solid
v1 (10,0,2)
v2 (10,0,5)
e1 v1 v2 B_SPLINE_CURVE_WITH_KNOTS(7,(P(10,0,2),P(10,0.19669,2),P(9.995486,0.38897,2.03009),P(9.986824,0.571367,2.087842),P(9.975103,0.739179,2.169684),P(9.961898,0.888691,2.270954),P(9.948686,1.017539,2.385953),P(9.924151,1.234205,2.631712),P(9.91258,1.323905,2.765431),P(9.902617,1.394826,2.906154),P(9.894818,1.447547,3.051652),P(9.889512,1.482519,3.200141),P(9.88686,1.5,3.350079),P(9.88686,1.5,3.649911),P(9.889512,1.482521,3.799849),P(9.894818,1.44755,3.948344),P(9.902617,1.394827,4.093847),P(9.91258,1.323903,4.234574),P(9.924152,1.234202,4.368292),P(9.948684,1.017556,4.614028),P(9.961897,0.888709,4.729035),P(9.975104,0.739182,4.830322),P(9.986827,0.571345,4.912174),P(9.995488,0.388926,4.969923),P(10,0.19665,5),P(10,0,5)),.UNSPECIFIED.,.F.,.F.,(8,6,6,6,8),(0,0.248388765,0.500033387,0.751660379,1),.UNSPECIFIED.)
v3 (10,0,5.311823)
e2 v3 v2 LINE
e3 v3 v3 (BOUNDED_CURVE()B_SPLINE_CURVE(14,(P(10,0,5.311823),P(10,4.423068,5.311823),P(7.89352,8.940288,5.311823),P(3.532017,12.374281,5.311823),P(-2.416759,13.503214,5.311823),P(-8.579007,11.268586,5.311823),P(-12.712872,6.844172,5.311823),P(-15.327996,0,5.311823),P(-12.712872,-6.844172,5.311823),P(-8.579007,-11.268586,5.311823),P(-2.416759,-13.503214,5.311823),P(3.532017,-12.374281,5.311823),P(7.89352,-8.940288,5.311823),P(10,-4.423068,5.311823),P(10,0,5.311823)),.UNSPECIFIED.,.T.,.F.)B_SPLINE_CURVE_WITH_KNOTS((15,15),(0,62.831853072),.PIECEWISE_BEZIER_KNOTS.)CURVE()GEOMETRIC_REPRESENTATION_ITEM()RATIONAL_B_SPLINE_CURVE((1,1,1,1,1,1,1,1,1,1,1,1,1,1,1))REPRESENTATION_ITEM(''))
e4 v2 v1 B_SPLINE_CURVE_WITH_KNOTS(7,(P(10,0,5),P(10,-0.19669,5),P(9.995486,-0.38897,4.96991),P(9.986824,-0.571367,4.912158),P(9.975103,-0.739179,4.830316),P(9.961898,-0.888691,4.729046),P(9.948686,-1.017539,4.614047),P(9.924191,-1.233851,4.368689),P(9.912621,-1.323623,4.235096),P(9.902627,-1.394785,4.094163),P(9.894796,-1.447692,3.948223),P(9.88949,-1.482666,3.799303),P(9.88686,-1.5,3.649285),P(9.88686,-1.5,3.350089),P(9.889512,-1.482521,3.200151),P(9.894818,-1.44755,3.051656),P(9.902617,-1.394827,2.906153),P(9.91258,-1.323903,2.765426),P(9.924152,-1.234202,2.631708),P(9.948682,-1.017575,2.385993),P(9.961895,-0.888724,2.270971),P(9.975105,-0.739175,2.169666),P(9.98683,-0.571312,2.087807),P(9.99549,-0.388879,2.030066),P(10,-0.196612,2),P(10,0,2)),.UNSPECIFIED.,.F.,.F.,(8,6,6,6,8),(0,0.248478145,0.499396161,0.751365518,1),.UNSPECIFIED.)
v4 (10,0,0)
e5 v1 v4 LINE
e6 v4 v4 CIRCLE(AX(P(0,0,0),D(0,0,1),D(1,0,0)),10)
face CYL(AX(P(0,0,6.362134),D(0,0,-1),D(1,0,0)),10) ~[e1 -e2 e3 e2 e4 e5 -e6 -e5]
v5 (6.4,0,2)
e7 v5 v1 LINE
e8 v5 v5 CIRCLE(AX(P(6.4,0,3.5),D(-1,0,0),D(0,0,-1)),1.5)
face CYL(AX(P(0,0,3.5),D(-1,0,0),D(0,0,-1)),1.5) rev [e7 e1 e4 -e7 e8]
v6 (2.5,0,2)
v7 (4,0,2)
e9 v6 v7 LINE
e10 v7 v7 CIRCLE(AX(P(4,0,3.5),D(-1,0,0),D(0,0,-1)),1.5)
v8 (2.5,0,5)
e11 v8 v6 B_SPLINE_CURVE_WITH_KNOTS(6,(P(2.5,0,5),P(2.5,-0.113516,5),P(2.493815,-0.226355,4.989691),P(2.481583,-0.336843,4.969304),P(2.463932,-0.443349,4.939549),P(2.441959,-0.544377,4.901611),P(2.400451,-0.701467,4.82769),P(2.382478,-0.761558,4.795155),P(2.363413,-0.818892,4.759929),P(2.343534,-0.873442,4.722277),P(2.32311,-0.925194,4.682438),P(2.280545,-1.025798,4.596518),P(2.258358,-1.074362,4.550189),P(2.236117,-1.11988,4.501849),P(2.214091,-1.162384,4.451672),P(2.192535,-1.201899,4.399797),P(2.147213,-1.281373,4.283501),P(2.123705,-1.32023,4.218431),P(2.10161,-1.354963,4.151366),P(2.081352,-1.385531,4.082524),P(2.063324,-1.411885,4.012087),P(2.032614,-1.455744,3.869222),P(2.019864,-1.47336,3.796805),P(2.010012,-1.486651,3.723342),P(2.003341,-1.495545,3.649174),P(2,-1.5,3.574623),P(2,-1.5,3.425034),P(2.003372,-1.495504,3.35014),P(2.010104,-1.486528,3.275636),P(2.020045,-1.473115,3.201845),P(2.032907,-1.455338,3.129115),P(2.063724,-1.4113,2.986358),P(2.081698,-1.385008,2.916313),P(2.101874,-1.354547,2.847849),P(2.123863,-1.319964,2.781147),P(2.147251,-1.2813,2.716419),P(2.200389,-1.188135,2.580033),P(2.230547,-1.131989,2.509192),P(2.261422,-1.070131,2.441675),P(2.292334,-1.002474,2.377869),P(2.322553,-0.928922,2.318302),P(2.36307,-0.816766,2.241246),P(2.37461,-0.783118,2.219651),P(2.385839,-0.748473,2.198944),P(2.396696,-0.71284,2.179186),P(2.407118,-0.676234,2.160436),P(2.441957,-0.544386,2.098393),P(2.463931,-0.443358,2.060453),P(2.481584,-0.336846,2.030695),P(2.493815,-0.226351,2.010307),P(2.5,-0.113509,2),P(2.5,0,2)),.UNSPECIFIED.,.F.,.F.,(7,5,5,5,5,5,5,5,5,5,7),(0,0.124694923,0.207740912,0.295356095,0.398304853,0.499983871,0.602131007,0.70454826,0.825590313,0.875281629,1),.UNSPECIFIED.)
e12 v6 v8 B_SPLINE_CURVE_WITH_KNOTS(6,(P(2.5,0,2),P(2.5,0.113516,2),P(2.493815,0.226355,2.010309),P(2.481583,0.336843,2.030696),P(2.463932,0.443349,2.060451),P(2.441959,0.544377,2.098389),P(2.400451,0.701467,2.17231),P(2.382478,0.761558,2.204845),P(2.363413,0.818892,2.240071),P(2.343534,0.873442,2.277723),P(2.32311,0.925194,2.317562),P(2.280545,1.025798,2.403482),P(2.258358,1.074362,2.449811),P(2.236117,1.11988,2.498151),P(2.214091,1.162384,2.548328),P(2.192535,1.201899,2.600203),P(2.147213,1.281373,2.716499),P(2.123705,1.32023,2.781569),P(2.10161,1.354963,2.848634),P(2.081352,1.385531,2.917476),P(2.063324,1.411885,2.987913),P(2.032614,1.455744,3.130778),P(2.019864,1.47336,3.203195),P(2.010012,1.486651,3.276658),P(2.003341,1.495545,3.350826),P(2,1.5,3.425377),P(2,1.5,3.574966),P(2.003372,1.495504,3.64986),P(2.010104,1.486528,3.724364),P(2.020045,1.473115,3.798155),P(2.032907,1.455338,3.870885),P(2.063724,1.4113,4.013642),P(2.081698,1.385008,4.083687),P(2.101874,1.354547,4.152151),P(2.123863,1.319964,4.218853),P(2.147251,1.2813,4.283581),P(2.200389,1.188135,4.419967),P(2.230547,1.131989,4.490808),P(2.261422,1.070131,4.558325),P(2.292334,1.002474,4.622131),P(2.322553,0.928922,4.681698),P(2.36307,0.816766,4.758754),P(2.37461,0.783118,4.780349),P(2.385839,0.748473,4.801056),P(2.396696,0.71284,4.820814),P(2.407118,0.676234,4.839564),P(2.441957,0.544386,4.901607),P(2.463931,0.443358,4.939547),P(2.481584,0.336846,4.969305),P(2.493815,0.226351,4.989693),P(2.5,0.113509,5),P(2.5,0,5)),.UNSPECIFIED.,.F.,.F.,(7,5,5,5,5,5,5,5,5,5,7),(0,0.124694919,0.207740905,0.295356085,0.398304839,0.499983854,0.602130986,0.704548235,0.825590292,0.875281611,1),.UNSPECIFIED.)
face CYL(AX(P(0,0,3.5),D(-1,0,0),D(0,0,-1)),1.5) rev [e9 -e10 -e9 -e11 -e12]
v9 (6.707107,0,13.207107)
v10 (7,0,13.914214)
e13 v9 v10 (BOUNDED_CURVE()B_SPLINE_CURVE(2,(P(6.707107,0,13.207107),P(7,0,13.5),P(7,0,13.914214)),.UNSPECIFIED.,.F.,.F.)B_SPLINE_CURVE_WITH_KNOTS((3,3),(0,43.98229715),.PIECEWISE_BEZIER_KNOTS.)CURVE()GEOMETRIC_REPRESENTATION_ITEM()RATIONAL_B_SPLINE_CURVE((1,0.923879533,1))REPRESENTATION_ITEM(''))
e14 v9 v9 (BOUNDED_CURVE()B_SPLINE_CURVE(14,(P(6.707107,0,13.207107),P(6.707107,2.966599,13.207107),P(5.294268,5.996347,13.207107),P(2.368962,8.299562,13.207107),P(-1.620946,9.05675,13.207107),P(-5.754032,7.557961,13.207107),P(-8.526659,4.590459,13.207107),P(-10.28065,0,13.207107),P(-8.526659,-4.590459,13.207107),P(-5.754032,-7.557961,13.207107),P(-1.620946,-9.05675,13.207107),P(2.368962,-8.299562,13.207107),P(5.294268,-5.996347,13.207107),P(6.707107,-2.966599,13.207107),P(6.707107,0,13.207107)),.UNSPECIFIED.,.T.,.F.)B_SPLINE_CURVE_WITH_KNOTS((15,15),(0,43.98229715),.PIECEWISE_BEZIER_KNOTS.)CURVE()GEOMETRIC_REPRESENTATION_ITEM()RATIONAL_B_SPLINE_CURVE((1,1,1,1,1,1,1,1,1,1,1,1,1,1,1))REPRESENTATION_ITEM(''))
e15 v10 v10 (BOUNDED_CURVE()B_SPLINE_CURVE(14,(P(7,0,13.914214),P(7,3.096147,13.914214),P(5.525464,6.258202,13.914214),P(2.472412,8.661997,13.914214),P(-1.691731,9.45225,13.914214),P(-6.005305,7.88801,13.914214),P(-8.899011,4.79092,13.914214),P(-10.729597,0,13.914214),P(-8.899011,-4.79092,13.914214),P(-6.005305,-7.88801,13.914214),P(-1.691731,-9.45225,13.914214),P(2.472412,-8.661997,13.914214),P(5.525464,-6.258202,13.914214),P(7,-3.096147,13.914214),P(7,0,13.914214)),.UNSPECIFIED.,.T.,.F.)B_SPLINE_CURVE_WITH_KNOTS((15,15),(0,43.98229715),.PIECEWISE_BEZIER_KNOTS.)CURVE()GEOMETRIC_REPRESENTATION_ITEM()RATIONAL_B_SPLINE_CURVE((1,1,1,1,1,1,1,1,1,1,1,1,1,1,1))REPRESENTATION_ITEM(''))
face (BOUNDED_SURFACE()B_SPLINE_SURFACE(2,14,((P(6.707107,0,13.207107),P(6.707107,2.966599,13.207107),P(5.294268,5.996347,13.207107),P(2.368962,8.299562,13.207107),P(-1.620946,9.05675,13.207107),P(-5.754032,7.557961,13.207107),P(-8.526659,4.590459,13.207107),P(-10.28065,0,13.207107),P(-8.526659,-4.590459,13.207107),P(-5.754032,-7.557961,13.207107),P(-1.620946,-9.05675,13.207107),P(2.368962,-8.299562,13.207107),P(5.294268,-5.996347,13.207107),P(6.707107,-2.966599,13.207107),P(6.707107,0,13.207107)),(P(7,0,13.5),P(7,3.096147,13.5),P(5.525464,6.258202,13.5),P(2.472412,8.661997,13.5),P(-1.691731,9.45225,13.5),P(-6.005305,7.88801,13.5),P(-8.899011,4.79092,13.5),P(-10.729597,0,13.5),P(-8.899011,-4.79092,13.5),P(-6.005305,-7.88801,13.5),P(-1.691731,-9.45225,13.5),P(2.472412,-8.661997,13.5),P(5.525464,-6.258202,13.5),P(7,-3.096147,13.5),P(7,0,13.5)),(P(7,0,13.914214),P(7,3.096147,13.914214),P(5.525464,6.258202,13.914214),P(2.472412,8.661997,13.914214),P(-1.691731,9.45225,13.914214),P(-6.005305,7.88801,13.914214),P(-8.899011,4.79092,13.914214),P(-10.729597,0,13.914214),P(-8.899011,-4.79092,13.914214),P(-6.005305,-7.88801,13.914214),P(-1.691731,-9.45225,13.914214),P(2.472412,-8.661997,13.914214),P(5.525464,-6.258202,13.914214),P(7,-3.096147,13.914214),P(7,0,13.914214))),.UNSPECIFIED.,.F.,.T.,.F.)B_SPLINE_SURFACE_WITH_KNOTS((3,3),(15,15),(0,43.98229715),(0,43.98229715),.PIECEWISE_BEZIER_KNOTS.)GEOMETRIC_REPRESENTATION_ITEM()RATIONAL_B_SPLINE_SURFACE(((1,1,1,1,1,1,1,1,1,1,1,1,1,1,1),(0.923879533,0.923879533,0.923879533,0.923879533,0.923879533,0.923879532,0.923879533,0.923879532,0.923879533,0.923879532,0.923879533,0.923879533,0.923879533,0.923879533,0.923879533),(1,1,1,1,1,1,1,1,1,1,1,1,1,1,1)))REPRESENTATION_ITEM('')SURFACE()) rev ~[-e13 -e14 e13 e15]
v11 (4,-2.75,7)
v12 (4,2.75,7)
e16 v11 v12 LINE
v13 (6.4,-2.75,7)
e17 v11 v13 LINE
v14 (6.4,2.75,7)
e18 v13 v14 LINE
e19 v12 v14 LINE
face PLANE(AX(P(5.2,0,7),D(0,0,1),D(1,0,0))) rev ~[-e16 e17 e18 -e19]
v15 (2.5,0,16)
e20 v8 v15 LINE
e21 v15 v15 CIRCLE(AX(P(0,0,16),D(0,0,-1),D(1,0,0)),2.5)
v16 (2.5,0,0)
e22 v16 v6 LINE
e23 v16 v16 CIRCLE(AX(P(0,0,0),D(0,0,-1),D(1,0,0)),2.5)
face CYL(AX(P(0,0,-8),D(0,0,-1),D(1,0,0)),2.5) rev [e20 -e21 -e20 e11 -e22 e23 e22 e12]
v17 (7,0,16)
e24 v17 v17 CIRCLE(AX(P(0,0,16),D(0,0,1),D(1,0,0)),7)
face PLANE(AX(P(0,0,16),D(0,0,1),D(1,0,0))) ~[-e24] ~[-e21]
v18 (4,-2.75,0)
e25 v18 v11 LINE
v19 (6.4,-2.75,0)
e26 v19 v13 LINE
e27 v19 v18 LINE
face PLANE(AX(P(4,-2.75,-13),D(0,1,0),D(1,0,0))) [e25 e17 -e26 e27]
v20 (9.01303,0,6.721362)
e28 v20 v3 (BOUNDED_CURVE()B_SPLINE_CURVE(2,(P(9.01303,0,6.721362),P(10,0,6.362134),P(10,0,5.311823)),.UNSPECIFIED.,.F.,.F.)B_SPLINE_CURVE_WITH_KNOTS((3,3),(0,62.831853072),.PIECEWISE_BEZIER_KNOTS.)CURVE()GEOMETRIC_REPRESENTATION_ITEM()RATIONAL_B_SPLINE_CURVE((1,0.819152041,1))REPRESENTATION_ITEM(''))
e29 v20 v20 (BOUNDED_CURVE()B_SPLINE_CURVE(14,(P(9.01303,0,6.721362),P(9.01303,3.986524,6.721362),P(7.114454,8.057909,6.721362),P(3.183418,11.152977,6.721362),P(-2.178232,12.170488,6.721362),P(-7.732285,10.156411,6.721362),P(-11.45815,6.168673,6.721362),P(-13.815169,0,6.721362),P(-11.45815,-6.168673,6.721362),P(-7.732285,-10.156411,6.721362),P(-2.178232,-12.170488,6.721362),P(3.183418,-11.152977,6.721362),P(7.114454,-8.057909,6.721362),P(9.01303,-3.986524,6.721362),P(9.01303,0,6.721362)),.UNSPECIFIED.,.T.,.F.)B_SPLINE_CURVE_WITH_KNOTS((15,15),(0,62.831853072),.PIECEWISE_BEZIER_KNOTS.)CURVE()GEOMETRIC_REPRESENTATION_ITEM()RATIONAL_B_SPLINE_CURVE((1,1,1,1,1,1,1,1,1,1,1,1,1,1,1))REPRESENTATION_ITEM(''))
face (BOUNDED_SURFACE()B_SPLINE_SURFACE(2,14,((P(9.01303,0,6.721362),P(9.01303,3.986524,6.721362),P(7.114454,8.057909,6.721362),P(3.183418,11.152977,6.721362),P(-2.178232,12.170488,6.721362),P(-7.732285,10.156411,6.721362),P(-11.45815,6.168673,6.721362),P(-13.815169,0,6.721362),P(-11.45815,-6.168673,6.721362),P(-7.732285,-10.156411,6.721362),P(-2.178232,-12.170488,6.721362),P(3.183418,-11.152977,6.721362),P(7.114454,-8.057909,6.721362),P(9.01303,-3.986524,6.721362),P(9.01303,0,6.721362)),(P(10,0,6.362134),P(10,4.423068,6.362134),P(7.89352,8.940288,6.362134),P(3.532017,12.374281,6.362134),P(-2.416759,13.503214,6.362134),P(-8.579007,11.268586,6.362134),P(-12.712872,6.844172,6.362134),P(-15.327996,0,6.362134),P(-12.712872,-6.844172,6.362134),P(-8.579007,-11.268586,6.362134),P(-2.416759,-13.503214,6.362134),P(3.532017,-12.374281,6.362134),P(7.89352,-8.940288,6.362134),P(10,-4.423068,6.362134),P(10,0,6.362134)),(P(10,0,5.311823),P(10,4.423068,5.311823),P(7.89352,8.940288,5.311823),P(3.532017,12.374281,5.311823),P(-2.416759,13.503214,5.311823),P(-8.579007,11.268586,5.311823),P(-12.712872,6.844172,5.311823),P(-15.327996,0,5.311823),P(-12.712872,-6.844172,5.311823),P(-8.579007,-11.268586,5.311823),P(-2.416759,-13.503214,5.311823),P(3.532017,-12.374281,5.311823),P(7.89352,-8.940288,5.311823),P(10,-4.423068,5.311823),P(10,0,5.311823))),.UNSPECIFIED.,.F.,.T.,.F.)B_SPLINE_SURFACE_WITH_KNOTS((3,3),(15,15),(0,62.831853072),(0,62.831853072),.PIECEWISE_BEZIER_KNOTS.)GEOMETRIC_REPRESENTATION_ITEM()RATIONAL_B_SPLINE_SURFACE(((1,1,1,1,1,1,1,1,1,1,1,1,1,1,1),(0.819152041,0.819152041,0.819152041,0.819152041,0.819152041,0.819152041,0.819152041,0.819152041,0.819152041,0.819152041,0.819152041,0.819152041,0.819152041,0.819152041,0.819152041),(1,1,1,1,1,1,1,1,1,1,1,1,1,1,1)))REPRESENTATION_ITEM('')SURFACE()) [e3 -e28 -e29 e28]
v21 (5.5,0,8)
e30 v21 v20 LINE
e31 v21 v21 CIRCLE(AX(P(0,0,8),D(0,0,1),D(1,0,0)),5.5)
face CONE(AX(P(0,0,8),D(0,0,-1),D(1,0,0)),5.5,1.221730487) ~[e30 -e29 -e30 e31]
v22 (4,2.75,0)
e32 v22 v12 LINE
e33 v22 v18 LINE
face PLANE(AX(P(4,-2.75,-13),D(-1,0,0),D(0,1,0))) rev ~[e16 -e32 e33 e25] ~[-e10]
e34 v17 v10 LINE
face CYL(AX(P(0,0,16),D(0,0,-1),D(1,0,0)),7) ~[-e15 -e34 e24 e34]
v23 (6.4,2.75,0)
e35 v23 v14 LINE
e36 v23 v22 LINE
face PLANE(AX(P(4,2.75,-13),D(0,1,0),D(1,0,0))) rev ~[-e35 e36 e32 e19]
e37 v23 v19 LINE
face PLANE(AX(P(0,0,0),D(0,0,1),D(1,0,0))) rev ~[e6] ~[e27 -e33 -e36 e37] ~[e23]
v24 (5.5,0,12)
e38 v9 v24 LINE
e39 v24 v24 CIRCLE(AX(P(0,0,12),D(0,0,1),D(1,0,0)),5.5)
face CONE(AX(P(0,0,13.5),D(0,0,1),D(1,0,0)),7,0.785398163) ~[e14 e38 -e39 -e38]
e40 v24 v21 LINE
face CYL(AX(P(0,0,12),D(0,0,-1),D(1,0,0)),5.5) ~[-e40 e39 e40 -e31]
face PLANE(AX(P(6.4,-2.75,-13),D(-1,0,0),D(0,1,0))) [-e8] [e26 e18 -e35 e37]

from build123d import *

# Parameters (mm, degrees)
CYLINDER002_R           = 1.5
CYLINDER002_DEPTH       = 20
CYLINDER002_PITCH_ANGLE = 90
CYLINDER001_R           = 2.5
CYLINDER001_DEPTH       = 30
BOX_W                   = 2.4
BOX_H                   = 5.5
BOX_DEPTH               = 20
FILLET_1_R              = 1.5
FILLET_2_R              = 1


with BuildPart() as clone_of_bolt:
    # Cylinder002 → Cylinder002 (new body)
    with BuildSketch(Plane.XY):
        Circle(CYLINDER002_R)
    extrude(amount=CYLINDER002_DEPTH)


with BuildPart() as clone_of_bolt_1:
    # Cylinder002 pitch: moved
    add(clone_of_bolt.part.rotate(Axis((0, 0, 0), (0, 1, 0)), CYLINDER002_PITCH_ANGLE))


with BuildPart() as clone_of_bolt_2:
    # Cylinder002 placement: moved
    add(clone_of_bolt_1.part.moved(Location((0, 0, 3.5))))


with BuildPart() as clone_of_nemashaft:
    # Cylinder001 → Cylinder001 (new body)
    with BuildSketch(Plane.XY.offset(-8)):
        Circle(CYLINDER001_R)
    extrude(amount=CYLINDER001_DEPTH)


with BuildPart() as innercavity:
    # Box → Box (new body)
    with BuildSketch(Plane(origin=(4, -2.75, -13), x_dir=(1, 0, 0), z_dir=(0, 0, 1))):
        with Locations((1.2, 2.75)):
            Rectangle(BOX_W, BOX_H)
    extrude(amount=BOX_DEPTH)

    # Fusion: union Clone of Bolt, Clone of NEMAShaft
    add(clone_of_bolt_2.part)
    add(clone_of_nemashaft.part)


with BuildPart() as innercavitycut:
    # Sketch001 → Revolution (revolve)
    with BuildSketch(Plane.XZ):
        Polygon((0, 16), (7, 16), (7, 13.5), (5.5, 12), (5.5, 8), (10, 6.362134), (10, 0), (0, 0), align=None)
    revolve(axis=Axis((0, 0, 0), (0, 0, 1)))

    # Fillet 1
    fillet_1_edges = [innercavitycut.edges().sort_by_distance(p)[0] for p in [
        (-10, 0, 6.362134),
    ]]
    fillet(fillet_1_edges, radius=FILLET_1_R)

    # Fillet 2
    fillet_2_edges = [innercavitycut.edges().sort_by_distance(p)[0] for p in [
        (-7, 0, 13.5),
    ]]
    fillet(fillet_2_edges, radius=FILLET_2_R)

    # Cut: cut InnerCavity
    add(innercavity.part, mode=Mode.SUBTRACT)


solid = innercavitycut.part
